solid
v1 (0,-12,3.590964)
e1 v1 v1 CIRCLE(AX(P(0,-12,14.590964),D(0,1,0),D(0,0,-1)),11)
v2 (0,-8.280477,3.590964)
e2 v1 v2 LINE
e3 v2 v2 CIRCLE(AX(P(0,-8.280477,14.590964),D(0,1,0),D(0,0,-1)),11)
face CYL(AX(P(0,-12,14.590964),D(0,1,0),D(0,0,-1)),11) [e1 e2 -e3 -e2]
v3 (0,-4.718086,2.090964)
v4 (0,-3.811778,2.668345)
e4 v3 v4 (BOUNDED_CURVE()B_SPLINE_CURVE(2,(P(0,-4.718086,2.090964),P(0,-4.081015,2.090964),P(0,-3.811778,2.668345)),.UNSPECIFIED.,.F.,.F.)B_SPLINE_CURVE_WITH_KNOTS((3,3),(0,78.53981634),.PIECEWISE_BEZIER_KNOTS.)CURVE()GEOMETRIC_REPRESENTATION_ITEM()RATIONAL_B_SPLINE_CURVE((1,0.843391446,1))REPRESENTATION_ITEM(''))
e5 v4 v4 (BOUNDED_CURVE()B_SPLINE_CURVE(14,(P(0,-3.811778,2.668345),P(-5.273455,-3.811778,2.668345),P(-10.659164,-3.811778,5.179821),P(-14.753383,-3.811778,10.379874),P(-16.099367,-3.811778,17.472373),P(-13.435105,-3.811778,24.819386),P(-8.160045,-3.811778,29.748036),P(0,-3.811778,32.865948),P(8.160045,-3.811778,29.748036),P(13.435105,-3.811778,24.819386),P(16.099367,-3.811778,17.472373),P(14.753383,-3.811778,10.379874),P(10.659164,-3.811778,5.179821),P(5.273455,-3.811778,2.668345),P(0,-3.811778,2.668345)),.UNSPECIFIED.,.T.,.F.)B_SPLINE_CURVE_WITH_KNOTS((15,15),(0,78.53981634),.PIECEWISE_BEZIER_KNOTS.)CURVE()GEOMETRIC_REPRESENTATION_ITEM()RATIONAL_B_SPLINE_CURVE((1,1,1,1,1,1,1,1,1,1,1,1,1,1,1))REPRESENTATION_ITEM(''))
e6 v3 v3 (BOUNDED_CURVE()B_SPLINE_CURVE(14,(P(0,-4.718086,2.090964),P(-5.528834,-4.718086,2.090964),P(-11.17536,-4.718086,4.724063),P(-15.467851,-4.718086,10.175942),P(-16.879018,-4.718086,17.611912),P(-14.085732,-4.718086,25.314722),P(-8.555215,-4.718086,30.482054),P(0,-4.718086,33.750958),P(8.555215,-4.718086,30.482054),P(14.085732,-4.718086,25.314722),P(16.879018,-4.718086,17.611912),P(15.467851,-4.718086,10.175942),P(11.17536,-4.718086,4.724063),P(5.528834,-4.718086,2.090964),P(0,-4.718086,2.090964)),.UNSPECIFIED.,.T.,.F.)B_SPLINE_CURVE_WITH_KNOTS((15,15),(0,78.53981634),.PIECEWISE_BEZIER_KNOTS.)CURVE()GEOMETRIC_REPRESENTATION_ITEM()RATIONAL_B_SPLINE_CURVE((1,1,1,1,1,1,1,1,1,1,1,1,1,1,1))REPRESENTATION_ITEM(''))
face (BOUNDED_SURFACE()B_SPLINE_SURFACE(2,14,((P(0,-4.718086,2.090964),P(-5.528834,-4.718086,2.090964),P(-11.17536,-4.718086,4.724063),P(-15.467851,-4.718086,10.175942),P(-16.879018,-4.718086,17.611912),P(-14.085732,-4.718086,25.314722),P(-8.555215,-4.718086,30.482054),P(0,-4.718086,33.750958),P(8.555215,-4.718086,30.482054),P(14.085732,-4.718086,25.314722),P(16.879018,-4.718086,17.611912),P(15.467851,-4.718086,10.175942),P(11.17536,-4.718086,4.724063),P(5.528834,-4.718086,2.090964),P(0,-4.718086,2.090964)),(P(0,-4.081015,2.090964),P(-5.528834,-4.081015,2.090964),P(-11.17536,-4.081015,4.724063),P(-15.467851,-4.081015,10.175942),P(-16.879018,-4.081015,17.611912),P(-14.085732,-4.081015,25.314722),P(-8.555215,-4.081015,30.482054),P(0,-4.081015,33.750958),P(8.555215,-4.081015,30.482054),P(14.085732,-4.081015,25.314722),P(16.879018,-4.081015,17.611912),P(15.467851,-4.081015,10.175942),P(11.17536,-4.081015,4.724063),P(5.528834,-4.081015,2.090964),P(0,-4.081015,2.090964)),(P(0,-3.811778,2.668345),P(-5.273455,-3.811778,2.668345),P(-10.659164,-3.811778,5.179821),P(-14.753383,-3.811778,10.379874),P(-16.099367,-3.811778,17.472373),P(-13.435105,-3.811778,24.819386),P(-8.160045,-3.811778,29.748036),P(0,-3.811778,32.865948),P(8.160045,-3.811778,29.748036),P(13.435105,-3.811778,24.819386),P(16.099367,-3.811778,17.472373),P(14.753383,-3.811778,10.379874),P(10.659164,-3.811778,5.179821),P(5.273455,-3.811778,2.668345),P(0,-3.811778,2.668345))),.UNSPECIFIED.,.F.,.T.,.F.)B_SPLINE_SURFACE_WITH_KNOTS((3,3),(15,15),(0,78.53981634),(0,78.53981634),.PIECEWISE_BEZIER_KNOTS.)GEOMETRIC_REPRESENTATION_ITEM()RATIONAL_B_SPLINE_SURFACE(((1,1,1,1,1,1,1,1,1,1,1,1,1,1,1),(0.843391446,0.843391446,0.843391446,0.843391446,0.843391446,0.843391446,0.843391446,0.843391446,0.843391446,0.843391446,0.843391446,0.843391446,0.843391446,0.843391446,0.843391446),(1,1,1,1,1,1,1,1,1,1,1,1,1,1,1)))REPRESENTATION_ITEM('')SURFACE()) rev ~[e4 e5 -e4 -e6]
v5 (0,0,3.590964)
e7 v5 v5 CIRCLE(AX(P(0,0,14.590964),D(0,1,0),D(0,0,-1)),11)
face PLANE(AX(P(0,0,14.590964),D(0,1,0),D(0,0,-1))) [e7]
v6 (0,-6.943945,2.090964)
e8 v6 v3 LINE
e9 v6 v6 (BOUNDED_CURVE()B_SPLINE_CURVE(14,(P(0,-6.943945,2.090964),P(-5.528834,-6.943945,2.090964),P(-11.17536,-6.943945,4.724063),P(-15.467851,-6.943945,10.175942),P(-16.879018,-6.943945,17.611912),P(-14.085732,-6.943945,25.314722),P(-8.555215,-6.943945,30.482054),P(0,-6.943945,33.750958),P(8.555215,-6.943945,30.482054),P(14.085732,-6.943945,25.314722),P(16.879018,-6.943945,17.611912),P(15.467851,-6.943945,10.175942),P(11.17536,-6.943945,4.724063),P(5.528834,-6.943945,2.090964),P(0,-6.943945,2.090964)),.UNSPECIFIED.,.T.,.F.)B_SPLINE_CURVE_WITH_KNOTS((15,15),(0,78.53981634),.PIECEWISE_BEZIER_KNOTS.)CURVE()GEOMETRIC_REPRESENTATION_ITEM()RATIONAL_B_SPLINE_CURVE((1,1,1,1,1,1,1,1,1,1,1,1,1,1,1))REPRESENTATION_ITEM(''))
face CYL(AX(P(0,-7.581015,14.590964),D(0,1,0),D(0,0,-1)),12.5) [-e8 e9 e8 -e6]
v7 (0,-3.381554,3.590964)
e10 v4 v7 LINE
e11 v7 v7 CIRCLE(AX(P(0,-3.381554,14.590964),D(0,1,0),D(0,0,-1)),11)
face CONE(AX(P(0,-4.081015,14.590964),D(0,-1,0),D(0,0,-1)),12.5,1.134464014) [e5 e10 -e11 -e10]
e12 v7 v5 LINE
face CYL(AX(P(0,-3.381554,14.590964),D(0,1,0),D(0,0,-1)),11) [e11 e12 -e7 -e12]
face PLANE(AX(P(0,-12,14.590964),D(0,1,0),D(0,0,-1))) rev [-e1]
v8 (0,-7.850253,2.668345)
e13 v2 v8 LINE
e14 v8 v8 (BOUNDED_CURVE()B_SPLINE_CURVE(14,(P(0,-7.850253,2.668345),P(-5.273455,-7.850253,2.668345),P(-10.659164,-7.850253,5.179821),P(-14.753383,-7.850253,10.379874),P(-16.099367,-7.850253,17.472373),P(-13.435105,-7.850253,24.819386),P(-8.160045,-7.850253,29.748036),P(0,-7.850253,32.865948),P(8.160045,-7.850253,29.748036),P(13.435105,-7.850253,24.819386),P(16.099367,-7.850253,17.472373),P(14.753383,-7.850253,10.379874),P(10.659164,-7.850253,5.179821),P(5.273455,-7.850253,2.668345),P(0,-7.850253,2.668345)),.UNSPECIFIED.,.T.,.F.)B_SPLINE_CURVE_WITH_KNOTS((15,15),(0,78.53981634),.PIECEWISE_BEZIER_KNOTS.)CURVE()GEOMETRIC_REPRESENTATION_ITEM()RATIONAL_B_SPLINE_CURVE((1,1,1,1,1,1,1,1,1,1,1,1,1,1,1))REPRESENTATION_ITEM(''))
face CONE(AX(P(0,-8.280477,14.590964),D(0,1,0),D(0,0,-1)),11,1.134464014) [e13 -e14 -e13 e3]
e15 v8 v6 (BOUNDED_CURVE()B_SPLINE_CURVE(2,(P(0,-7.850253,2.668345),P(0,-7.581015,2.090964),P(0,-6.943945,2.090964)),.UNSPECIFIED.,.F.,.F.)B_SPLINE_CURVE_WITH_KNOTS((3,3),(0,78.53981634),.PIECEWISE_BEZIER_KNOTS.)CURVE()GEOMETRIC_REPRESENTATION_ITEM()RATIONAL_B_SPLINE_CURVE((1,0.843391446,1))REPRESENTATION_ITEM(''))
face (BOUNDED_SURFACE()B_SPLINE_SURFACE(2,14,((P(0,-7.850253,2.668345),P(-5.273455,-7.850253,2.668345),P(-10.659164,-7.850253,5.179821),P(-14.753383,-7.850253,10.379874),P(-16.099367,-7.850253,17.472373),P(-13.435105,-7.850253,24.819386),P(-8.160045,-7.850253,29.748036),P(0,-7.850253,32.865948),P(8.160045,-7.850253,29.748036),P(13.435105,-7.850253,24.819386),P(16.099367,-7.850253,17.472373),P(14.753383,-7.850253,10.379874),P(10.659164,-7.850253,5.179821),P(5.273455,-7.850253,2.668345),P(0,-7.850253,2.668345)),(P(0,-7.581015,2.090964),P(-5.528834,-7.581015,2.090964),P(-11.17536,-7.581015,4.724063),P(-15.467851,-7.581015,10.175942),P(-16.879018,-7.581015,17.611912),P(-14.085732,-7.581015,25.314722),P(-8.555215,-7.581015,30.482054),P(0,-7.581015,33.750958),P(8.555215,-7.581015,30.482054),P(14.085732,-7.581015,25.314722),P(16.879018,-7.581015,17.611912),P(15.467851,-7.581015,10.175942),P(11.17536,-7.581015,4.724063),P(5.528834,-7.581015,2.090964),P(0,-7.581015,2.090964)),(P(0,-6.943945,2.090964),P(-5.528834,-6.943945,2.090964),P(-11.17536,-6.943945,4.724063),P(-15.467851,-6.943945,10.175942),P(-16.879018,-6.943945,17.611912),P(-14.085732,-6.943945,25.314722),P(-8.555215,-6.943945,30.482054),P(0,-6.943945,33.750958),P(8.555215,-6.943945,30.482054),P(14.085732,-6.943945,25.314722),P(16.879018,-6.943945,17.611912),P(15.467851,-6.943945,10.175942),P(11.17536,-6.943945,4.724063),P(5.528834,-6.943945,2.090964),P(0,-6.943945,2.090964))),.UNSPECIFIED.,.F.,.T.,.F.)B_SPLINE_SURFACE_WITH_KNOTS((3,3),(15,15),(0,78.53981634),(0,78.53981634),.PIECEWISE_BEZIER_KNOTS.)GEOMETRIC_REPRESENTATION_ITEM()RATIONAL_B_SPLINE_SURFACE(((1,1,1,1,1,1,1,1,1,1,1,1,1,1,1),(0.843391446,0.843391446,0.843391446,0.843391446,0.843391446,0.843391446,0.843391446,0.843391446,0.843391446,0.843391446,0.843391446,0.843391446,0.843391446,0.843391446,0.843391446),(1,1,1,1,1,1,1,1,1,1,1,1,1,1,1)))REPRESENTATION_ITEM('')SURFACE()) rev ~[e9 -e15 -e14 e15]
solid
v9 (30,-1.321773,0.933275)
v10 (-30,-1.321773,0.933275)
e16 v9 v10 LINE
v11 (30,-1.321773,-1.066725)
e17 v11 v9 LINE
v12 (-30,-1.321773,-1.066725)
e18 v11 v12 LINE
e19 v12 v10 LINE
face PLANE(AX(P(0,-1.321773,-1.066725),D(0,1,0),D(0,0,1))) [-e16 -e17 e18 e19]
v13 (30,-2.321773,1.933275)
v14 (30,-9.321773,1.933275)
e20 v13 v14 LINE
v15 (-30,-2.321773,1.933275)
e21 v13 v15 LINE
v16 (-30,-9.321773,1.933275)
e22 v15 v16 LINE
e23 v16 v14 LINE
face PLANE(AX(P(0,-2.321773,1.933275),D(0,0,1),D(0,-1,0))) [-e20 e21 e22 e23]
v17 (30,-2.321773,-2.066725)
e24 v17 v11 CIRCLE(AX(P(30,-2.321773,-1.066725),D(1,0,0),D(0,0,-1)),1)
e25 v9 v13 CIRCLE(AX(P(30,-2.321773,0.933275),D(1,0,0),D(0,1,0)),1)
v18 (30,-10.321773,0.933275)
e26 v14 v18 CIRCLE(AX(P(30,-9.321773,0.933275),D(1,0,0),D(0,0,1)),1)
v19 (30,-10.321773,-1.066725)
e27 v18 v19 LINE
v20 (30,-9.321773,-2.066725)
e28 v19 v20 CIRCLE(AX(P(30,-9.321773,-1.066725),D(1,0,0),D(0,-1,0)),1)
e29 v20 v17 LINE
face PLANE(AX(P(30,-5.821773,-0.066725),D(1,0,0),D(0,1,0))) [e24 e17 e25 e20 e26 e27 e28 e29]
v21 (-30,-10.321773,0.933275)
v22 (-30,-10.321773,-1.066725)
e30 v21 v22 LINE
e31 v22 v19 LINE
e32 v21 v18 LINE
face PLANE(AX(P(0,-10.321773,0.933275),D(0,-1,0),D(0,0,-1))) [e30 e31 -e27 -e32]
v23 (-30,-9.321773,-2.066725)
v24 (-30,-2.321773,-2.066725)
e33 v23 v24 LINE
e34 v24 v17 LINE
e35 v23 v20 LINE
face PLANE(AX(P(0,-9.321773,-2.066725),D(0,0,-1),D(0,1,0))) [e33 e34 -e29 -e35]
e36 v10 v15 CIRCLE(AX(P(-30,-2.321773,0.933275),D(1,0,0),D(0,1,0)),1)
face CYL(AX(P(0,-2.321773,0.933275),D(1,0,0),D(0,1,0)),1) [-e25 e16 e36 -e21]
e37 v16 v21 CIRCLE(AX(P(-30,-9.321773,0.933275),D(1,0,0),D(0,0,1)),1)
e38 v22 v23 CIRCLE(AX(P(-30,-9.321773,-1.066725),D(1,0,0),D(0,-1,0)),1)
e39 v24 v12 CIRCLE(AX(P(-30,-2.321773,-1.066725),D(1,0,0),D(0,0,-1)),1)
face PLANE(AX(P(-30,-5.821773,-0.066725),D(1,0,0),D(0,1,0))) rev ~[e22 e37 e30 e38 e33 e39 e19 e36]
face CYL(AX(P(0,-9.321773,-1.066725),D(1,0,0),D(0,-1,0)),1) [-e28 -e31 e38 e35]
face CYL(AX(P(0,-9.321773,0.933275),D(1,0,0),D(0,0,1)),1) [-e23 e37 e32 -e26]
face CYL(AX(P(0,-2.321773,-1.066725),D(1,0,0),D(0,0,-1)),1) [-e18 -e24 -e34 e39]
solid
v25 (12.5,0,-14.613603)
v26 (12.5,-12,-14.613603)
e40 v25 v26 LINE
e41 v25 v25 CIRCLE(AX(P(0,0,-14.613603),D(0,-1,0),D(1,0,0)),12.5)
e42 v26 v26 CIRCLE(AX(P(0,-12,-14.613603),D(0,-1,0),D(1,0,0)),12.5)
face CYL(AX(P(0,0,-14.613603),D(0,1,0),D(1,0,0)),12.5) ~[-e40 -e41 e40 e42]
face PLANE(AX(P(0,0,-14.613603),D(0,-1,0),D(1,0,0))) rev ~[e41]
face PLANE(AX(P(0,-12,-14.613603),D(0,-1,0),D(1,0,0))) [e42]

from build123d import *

# Parameters (mm, degrees)
F2_DEPTH = 30
F0_R     = 12.5
F3_DEPTH = 12
F6_R     = 1
F7_R     = 1


with BuildPart() as f2:
    # F1 (on Right) → F2 (new body, symmetric)
    with BuildSketch(Plane.YZ):
        with BuildLine():
            Line((-2.3217727498, 1.9332754826), (-9.3217727498, 1.9332754826))
            ThreePointArc((-9.3217727498, 1.9332754826), (-10.0288795309, 1.6403822638), (-10.3217727498, 0.9332754826))
            Line((-10.3217727498, 0.9332754826), (-10.3217727498, -1.0667245174))
            ThreePointArc((-10.3217727498, -1.0667245174), (-10.0288795309, -1.7738312986), (-9.3217727498, -2.0667245174))
            Line((-9.3217727498, -2.0667245174), (-2.3217727498, -2.0667245174))
            ThreePointArc((-2.3217727498, -2.0667245174), (-1.6146659686, -1.7738312986), (-1.3217727498, -1.0667245174))
            Line((-1.3217727498, -1.0667245174), (-1.3217727498, 0.9332754826))
            ThreePointArc((-1.3217727498, 0.9332754826), (-1.6146659686, 1.6403822638), (-2.3217727498, 1.9332754826))
        make_face()
    extrude(amount=F2_DEPTH, both=True)


with BuildPart() as f3:
    # F0 (on Front) → F3 (new body)
    with BuildSketch(Plane.XZ):
        with Locations((0, -14.6136025154)):
            Circle(F0_R)
    extrude(amount=F3_DEPTH)


with BuildPart() as f5:
    # F4 (on Right) → F5 (revolve)
    with BuildSketch(Plane.YZ):
        Polygon((0, 3.5909637578), (0, 14.5909637578), (-12, 14.5909637578), (-12, 3.5909637578), (-8.2804769289, 3.5909637578), (-7.5810154416, 2.0909637578), (-4.0810154416, 2.0909637578), (-3.3815539544, 3.5909637578), align=None)
    revolve(axis=Axis((0, -6, 14.5909637578), (0, 1, 0)))

    # F6
    f6_edges = [f5.edges().sort_by_distance(p)[0] for p in [
        (0, -7.581015, 27.090964),
    ]]
    fillet(f6_edges, radius=F6_R)

    # F7
    f7_edges = [f5.edges().sort_by_distance(p)[0] for p in [
        (0, -4.081015, 27.090964),
    ]]
    fillet(f7_edges, radius=F7_R)


solid = Compound([f2.part, f3.part, f5.part])
